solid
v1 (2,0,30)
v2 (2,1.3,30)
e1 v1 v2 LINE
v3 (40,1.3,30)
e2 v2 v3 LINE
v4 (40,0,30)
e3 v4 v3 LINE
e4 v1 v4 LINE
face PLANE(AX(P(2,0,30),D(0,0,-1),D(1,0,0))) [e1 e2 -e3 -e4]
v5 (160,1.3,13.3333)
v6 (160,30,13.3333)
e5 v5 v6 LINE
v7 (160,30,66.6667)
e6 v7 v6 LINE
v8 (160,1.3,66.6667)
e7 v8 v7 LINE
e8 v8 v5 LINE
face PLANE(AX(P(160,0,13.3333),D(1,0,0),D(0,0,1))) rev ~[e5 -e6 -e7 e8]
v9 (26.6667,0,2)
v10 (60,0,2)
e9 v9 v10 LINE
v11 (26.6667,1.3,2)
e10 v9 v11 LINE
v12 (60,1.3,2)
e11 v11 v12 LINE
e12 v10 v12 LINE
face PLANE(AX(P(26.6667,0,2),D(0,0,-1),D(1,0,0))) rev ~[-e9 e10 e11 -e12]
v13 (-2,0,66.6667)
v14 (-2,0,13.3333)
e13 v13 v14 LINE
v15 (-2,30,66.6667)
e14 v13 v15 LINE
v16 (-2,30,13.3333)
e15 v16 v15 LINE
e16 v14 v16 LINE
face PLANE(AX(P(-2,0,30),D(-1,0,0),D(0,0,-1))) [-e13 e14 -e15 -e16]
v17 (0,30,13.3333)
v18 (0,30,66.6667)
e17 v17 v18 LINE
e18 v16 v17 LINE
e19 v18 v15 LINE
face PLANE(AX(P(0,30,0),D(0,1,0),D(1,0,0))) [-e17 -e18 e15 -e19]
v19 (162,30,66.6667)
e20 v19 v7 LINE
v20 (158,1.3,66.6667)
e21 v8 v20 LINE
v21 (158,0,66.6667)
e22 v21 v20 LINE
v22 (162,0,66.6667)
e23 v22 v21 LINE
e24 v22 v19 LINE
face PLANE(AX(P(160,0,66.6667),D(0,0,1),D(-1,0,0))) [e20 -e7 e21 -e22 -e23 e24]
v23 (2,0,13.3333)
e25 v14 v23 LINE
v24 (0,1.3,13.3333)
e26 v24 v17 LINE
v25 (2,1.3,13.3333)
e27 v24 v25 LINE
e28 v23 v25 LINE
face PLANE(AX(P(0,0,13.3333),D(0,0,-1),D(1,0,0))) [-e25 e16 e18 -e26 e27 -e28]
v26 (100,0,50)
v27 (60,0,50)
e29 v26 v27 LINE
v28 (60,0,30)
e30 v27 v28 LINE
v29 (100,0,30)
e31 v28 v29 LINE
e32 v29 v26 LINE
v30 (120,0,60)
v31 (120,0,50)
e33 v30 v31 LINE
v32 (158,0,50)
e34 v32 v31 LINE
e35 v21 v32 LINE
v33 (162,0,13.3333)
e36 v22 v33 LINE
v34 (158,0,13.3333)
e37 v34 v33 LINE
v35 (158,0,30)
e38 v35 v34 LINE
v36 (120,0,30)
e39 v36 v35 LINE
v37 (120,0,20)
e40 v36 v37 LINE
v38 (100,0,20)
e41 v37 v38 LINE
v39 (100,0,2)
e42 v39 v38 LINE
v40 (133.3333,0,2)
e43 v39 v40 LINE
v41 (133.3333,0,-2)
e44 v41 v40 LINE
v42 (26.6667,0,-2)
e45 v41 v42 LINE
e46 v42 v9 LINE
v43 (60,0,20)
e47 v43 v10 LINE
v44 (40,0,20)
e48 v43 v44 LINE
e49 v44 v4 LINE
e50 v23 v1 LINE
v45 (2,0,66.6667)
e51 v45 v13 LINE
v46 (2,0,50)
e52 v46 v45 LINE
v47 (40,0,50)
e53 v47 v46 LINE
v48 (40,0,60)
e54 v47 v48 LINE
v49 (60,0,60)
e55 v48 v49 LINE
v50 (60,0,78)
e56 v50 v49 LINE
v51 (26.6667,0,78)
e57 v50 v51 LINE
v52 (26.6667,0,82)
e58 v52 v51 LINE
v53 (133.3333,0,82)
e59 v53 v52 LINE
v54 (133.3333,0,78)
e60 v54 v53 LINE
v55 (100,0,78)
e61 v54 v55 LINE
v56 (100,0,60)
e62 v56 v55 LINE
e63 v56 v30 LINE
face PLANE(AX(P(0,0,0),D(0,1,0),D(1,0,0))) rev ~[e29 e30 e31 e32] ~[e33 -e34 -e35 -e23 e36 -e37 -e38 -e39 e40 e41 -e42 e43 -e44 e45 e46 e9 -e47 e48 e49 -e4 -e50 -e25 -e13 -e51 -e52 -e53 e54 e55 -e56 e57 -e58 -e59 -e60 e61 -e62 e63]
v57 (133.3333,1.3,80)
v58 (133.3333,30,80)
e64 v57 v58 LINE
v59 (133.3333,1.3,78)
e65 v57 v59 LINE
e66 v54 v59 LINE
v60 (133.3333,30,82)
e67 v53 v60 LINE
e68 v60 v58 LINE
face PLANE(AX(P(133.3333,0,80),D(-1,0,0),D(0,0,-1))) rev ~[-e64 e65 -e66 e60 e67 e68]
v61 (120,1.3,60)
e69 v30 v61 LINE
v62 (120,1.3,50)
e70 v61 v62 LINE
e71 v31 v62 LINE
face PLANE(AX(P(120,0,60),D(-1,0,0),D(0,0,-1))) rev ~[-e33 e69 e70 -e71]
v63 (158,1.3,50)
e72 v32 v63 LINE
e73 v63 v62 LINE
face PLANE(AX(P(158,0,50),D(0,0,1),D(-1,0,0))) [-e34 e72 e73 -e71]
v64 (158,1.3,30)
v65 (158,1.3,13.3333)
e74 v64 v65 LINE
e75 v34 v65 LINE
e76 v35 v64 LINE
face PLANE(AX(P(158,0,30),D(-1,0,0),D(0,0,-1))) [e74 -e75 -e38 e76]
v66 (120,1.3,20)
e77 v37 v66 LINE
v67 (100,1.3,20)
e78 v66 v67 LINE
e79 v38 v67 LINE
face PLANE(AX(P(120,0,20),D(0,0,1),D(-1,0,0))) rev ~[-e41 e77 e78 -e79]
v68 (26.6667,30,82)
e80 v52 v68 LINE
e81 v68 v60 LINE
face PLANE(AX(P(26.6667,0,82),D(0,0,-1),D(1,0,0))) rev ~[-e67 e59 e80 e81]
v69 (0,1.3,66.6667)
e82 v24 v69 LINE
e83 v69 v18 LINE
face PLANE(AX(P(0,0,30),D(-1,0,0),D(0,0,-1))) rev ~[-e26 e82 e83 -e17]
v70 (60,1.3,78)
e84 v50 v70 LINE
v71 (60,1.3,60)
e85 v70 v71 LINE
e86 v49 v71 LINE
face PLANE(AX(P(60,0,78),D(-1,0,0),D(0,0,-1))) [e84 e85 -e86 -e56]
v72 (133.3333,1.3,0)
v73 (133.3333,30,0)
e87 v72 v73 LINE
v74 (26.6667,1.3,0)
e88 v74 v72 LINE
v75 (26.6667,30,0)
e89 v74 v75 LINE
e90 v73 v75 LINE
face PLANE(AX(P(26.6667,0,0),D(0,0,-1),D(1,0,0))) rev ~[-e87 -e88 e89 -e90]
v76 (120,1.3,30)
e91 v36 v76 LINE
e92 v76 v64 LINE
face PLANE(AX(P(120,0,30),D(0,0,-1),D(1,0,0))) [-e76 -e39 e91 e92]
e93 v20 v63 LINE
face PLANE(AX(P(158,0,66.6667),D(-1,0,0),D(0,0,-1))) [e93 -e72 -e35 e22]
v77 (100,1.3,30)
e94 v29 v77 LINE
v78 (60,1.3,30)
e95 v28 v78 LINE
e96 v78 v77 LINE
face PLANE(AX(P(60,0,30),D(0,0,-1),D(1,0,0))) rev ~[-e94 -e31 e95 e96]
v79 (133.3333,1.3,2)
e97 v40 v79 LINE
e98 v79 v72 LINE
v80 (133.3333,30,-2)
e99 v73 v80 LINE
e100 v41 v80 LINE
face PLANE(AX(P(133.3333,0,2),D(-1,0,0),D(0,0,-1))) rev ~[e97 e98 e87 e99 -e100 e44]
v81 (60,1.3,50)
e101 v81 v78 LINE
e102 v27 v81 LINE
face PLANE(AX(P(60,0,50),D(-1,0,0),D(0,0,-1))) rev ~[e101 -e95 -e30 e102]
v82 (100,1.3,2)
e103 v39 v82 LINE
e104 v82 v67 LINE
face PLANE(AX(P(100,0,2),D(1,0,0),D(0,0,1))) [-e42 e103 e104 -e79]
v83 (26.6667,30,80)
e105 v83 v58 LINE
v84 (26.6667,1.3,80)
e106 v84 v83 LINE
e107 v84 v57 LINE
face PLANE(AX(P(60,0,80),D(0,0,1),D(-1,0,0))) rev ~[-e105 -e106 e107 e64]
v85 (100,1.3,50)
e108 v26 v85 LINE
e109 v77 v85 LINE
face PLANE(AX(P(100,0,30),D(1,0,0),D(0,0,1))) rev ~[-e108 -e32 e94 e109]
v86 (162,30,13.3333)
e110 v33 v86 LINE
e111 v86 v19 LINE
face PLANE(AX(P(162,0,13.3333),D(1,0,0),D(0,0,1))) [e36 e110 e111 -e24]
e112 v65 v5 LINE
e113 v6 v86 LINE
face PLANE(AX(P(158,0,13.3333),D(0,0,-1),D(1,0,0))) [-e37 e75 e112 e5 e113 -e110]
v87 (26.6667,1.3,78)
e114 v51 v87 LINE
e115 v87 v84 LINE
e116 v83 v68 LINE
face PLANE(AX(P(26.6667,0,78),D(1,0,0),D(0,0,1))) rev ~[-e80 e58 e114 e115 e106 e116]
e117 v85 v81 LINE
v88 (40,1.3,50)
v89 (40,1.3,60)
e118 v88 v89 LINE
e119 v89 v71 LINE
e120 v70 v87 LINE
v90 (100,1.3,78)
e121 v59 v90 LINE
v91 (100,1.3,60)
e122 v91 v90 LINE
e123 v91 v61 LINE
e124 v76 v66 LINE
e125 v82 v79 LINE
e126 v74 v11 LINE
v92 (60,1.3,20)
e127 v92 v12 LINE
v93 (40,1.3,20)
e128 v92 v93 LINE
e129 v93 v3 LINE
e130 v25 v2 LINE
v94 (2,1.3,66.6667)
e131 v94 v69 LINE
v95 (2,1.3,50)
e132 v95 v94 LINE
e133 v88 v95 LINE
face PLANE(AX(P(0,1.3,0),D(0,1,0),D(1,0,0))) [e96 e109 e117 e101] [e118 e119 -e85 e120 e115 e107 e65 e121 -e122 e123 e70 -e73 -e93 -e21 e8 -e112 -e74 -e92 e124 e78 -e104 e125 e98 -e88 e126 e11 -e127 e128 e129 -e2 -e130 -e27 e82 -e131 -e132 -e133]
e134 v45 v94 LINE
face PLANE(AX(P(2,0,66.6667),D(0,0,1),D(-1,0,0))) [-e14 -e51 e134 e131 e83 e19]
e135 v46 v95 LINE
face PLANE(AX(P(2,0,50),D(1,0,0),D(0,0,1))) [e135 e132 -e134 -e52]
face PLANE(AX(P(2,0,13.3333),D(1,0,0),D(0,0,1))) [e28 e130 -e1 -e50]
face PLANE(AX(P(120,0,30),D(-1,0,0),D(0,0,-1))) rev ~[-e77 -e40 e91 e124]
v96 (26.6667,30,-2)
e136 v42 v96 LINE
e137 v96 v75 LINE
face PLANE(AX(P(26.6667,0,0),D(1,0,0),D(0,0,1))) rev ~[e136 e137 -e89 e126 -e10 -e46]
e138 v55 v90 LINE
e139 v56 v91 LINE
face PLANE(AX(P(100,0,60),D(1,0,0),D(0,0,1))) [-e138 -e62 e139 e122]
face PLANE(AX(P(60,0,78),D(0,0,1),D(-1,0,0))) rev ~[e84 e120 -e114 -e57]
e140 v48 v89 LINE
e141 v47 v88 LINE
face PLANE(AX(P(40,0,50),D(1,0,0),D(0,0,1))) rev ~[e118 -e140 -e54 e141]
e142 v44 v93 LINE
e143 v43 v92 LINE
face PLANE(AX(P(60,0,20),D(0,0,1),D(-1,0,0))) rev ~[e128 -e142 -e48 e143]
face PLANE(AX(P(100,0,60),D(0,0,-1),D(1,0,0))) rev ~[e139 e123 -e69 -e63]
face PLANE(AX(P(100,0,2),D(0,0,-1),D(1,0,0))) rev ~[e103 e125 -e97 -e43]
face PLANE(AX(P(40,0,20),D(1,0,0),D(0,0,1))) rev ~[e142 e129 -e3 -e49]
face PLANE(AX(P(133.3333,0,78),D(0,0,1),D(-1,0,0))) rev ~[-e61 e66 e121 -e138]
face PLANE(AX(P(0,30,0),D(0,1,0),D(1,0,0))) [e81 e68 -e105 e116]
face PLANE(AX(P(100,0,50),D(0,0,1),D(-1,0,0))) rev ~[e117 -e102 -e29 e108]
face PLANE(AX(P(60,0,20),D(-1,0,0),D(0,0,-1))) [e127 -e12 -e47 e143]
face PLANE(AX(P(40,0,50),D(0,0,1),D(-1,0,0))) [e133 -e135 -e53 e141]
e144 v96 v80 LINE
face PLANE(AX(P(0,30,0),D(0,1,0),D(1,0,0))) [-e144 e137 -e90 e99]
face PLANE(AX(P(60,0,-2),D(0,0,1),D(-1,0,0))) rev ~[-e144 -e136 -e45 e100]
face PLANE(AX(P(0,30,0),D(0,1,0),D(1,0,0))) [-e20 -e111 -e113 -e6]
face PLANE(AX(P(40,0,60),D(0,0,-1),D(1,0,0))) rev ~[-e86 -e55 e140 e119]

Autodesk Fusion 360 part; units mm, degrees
sketch "Esquisse1" plane through (0, 0, 0) normal (0, 1, 0) x (1, 0, 0)
  line L0 (0, 0) -> (160, 0)
  line L1 (160, 0) -> (160, -80)
  line L2 (160, -80) -> (0, -80)
  line L3 (0, -80) -> (0, 0)
  line L4 (-2, -30) -> (162, -30)
  line L5 (162, -30) -> (162, -50)
  line L6 (162, -50) -> (-2, -50)
  line L7 (-2, -50) -> (-2, -30)
  line L8 (60, 2) -> (100, 2)
  line L9 (100, 2) -> (100, -82)
  line L10 (100, -82) -> (60, -82)
  line L11 (60, -82) -> (60, 2)
  line L12 (-2, -40) -> (0, -40) construction
  line L13 (80, 0) -> (80, 2) construction
  line L14 (0, -40) -> (80, -40) construction
  line L15 (80, -40) -> (80, 0) construction
  line L16 (120, -20) -> (40, -20)
  line L17 (40, -20) -> (40, -60)
  line L18 (40, -60) -> (120, -60)
  line L19 (120, -60) -> (120, -20)
  line L20 (120, -20) -> (40, -60) construction
  line L21 (40, -20) -> (120, -60) construction
  line L22 (-2, -13.3333) -> (2, -13.3333)
  line L23 (2, -13.3333) -> (2, -66.6667)
  line L24 (2, -66.6667) -> (-2, -66.6667)
  line L25 (-2, -66.6667) -> (-2, -13.3333)
  line L26 (162, -66.6667) -> (158, -66.6667)
  line L27 (162, -13.3333) -> (162, -66.6667)
  line L28 (158, -66.6667) -> (158, -13.3333)
  line L29 (158, -13.3333) -> (162, -13.3333)
  line L30 (26.6667, -82) -> (133.3333, -82)
  line L31 (133.3333, -82) -> (133.3333, -78)
  line L32 (133.3333, -78) -> (26.6667, -78)
  line L33 (26.6667, -78) -> (26.6667, -82)
  line L34 (26.6667, -2) -> (133.3333, -2)
  line L35 (133.3333, -2) -> (133.3333, 2)
  line L36 (133.3333, 2) -> (26.6667, 2)
  line L37 (26.6667, 2) -> (26.6667, -2)
  point P0 (80, 0)
  point P1 (0, -40)
  point P2 (-2, -40)
  point P3 (80, 2)
  point P4 (80, -40)
  point P5 (80, -40)
  point P6 (-2, -40)
  point P7 (162, -40)
  point P8 (80, -82)
  point P9 (162, -40)
  dimension "d1" = 160
  dimension "d2" = 80
  dimension "d5" = 20
  dimension "d6" = 40
  dimension "d7" = 2
  dimension "d8" = 2
  dimension "d10" = 2
  dimension "d11" = 2
  dimension "d12" = 80
  dimension "d13" = 40
  dimension "d20" = 4
  dimension "d23" = 4
  dimension "d24" = 53.3333
  dimension "d25" = 53.3333
  dimension "d26" = 106.6667
  dimension "d27" = 106.6667
  dimension "d28" = 4
  dimension "d29" = 4
extrude "Extrusion1" add sketch "Esquisse1" along normal blind 1.3 contours L0 L11 L34 L37 | L3 L4 L22 L23 | L0 L9 L11 L34 | L3 L4 L6 L23 | L0 L9 L34 L35 | L9 L11 L16 L34 | L3 L6 L23 L24 | L4 L6 L17 L23 | L4 L9 L11 L16 | L4 L11 L16 L17 | L4 L6 L11 L17 | L4 L9 L16 L19 | L6 L11 L17 L18 | L1 L4 L28 L29 | L4 L6 L9 L19 | L6 L9 L11 L18 | L2 L11 L32 L33 | L1 L4 L6 L28 | L4 L6 L19 L28 | L6 L9 L18 L19 | L9 L11 L18 L32 | L2 L9 L11 L32 | L1 L6 L26 L28 | L2 L9 L31 L32
extrude "Extrusion2" add sketch "Esquisse1" along normal blind 30 contours L0 L11 L36 L37 | L3 L4 L22 L25 | L0 L8 L9 L11 L36 | L3 L4 L6 L7 L25 | L0 L9 L35 L36 | L3 L6 L24 L25 | L1 L4 L27 L29 | L2 L11 L30 L33 | L1 L4 L5 L6 L27 | L2 L9 L10 L11 L30 | L1 L6 L26 L27 | L2 L9 L30 L31
equation "d1 = Longueur"
equation "d2 = Largeur"
equation "Longueur = 160 mm"
equation "Largeur = 80 mm"
equation "d5 = Largeur / 4"
equation "d6 = Longueur / 4"
equation "d7 = Epaisseur"
equation "d8 = Epaisseur"
equation "Epaisseur = 2 mm"
equation "d10 = Epaisseur"
equation "d11 = Epaisseur"
equation "d12 = Longueur / 2"
equation "d13 = Largeur / 2"
equation "d14 = hauteur_plaque"
equation "hauteur_plaque = 1.3 mm"
equation "hauteur_colonne = 30 mm"
equation "d18 = hauteur_colonne"
equation "d20 = Epaisseur * 2"
equation "d23 = Epaisseur * 2"
equation "d24 = Largeur / 1.5"
equation "d25 = Largeur / 1.5"
equation "d26 = Longueur / 1.5"
equation "d27 = Longueur / 1.5"
equation "d28 = Epaisseur * 2"
equation "d29 = Epaisseur * 2"
